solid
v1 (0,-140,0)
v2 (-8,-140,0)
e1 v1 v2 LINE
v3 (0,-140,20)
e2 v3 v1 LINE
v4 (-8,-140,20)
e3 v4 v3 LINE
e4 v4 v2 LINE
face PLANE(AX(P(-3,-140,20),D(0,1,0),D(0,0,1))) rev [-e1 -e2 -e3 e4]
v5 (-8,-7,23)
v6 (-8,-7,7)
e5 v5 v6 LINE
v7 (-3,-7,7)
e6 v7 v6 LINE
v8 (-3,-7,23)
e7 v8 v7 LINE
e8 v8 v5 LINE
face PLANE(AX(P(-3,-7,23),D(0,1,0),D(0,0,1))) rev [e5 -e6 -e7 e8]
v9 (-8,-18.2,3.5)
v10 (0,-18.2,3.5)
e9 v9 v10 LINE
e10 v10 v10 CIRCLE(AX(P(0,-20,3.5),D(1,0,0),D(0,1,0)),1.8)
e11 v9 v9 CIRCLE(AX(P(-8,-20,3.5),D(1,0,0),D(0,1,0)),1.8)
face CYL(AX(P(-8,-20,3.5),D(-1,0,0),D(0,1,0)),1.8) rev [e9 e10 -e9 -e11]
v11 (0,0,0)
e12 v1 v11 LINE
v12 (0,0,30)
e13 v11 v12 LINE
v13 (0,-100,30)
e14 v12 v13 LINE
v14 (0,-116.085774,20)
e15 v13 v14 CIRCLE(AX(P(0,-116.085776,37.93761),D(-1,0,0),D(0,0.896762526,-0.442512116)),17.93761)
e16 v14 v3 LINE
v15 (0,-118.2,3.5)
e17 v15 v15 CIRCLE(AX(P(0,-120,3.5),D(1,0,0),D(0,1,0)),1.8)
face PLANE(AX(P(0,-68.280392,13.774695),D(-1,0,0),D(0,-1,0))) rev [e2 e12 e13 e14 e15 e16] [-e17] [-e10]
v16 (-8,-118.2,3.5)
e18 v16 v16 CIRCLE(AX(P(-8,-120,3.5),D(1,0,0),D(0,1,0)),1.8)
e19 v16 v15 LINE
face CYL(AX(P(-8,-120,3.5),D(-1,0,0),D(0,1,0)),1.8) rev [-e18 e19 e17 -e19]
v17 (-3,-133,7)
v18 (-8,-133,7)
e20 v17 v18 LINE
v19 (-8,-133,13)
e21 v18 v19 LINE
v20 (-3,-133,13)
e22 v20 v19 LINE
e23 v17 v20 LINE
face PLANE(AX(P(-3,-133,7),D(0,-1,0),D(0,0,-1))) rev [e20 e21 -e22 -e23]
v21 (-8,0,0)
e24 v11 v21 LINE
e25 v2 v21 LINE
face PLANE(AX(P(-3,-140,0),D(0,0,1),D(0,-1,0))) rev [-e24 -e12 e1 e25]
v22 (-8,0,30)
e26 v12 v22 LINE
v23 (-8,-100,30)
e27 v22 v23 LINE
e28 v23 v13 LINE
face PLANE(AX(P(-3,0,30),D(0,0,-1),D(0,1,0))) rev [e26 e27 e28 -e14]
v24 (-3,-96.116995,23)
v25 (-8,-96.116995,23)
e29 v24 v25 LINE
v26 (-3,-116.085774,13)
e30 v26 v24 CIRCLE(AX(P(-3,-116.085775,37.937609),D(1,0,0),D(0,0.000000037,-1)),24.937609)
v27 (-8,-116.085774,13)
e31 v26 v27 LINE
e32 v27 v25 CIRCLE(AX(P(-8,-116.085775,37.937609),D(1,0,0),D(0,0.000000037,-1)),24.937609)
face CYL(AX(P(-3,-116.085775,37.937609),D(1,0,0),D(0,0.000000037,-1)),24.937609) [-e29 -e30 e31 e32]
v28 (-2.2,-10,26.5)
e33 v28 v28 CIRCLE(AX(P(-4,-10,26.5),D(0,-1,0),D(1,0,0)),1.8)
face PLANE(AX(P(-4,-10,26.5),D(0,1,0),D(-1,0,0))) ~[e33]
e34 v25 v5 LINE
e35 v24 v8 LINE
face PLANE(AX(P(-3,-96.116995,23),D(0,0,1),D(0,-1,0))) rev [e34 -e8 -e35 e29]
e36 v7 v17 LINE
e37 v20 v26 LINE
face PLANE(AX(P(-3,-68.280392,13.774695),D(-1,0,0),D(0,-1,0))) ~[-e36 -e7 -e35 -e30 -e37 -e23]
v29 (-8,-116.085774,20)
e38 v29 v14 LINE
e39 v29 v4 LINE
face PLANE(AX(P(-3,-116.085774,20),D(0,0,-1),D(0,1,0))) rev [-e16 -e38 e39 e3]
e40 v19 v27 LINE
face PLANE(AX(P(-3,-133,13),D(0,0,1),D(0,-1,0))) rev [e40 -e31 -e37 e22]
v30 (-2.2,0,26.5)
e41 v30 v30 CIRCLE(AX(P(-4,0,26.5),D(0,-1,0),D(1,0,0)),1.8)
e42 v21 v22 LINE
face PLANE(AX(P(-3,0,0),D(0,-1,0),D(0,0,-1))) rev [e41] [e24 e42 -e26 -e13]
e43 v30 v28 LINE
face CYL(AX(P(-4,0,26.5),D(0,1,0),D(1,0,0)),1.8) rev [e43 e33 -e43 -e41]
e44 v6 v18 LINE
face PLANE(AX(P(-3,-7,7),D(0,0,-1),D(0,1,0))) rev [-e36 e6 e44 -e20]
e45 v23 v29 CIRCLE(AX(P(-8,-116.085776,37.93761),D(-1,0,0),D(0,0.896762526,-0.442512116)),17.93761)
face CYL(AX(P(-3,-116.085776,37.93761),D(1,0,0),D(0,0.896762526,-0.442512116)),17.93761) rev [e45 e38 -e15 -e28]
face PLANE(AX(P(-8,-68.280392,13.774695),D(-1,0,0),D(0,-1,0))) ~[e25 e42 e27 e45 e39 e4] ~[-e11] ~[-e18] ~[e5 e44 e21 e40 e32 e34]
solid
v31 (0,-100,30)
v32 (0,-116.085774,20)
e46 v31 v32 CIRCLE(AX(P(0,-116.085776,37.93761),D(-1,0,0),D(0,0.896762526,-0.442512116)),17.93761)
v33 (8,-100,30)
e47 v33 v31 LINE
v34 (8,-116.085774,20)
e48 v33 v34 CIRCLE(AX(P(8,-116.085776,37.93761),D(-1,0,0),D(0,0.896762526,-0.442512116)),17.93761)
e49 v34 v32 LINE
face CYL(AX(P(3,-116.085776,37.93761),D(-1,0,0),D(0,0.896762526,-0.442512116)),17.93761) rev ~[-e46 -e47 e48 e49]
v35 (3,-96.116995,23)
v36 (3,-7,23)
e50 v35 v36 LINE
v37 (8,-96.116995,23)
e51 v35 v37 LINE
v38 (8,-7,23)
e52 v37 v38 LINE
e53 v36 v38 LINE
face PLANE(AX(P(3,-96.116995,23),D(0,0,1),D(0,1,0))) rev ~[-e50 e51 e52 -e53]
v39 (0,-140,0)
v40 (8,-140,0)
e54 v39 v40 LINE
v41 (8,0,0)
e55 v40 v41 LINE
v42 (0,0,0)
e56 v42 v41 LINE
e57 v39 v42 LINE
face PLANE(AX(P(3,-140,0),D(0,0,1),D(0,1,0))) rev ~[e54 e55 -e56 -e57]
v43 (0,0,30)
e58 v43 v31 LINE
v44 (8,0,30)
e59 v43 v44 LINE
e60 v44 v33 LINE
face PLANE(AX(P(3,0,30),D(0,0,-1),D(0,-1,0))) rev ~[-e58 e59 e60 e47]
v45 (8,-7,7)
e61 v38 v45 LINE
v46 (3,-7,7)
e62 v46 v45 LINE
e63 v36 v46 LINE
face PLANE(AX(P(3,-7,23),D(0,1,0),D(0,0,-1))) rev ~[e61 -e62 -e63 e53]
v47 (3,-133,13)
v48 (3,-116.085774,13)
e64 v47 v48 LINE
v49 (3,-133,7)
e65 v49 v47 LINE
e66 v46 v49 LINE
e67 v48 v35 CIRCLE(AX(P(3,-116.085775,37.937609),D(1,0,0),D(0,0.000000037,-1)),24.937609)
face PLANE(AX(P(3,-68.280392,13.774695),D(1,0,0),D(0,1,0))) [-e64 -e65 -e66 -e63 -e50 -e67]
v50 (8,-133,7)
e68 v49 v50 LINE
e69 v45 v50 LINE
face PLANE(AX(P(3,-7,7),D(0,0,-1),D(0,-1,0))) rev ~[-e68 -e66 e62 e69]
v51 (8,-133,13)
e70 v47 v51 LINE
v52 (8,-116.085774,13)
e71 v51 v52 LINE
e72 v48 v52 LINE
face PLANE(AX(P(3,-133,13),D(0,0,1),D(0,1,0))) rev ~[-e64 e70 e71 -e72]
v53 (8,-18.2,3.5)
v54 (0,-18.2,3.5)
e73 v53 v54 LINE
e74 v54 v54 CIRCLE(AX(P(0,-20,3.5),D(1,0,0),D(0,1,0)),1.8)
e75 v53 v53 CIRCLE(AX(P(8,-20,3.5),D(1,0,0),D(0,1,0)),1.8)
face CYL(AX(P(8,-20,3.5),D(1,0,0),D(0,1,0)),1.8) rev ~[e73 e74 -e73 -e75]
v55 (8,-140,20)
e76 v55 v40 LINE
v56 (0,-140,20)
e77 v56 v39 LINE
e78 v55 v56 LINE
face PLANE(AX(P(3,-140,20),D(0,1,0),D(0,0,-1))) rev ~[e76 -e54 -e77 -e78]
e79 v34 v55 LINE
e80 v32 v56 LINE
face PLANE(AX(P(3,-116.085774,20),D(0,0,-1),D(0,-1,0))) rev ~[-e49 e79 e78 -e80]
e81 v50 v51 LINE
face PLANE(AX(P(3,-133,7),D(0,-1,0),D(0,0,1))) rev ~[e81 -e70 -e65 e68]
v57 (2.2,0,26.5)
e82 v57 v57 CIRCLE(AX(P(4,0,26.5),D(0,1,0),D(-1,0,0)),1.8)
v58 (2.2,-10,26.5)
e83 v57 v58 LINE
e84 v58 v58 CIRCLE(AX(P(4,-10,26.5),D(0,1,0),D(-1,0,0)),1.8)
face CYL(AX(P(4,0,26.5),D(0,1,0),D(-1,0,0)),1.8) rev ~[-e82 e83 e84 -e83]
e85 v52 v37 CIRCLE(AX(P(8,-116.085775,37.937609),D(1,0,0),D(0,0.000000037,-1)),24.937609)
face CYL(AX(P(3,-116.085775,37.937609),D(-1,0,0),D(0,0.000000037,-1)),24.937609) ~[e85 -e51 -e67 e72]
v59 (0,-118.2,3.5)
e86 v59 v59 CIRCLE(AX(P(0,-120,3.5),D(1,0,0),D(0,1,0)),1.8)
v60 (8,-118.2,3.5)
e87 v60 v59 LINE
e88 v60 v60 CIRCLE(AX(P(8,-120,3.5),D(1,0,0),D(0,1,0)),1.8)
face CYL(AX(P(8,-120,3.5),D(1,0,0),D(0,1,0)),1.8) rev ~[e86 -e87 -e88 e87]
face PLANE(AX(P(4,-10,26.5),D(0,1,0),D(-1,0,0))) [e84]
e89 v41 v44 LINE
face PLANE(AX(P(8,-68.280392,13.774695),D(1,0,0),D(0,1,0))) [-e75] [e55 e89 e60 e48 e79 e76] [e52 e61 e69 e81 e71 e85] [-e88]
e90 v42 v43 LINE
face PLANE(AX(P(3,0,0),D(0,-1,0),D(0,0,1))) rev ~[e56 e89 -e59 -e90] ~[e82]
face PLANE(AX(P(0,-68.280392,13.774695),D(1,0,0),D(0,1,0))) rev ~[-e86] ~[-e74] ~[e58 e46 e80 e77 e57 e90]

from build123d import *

# Parameters (mm, degrees)
F1_DEPTH = 3
F3_DEPTH = 5
F4_R     = 1.8
F5_DEPTH = 8.001
F6_R     = 1.8
F7_DEPTH = 10


with BuildPart() as f1:
    # F0 (on Right) → F1 (new body)
    with BuildSketch(Plane.YZ):
        with BuildLine():
            Line((-140, 0), (0, 0))
            Line((0, 0), (0, 30))
            Line((0, 30), (-100, 30))
            ThreePointArc((-100, 30), (-106.615398, 22.703773), (-116.085774, 20))
            Line((-116.085774, 20), (-140, 20))
            Line((-140, 20), (-140, 0))
        make_face()
    extrude(amount=F1_DEPTH)

    # F2 (on face) → F3 (join)
    with BuildSketch(Plane.YZ.offset(3)):
        with BuildLine():
            Line((-140, 20), (-140, 0))
            Line((-140, 0), (0, 0))
            Line((0, 0), (0, 30))
            Line((0, 30), (-100, 30))
            ThreePointArc((-100, 30), (-106.615398, 22.703773), (-116.085774, 20))
            Line((-116.085774, 20), (-140, 20))
        make_face()
        with BuildLine():
            Line((-7, 7), (-133, 7))
            Line((-133, 7), (-133, 13))
            Line((-133, 13), (-116.085774, 13))
            ThreePointArc((-116.085774, 13), (-104.919395, 15.63971), (-96.116995, 23))
            Line((-96.116995, 23), (-7, 23))
            Line((-7, 23), (-7, 7))
        make_face(mode=Mode.SUBTRACT)
    extrude(amount=F3_DEPTH)

    # F4 (on face) → F5 (cut, through all)
    with BuildSketch(Plane.YZ.offset(8)):
        with Locations((-20, 3.5)):
            Circle(F4_R)
        with Locations((-120, 3.5)):
            Circle(F4_R)
    extrude(amount=-F5_DEPTH, mode=Mode.SUBTRACT)

    # F6 (on face) → F7 (cut)
    with BuildSketch(Plane(origin=(0, 0, 0), x_dir=(-1, 0, 0), z_dir=(0, 1, 0))):
        with Locations((-4, 26.5)):
            Circle(F6_R)
    extrude(amount=-F7_DEPTH, mode=Mode.SUBTRACT)


with BuildPart() as f8_1:
    # F8: instance of F1
    add(f1.part.mirror(Plane.YZ))


solid = Compound([f1.part, f8_1.part])
